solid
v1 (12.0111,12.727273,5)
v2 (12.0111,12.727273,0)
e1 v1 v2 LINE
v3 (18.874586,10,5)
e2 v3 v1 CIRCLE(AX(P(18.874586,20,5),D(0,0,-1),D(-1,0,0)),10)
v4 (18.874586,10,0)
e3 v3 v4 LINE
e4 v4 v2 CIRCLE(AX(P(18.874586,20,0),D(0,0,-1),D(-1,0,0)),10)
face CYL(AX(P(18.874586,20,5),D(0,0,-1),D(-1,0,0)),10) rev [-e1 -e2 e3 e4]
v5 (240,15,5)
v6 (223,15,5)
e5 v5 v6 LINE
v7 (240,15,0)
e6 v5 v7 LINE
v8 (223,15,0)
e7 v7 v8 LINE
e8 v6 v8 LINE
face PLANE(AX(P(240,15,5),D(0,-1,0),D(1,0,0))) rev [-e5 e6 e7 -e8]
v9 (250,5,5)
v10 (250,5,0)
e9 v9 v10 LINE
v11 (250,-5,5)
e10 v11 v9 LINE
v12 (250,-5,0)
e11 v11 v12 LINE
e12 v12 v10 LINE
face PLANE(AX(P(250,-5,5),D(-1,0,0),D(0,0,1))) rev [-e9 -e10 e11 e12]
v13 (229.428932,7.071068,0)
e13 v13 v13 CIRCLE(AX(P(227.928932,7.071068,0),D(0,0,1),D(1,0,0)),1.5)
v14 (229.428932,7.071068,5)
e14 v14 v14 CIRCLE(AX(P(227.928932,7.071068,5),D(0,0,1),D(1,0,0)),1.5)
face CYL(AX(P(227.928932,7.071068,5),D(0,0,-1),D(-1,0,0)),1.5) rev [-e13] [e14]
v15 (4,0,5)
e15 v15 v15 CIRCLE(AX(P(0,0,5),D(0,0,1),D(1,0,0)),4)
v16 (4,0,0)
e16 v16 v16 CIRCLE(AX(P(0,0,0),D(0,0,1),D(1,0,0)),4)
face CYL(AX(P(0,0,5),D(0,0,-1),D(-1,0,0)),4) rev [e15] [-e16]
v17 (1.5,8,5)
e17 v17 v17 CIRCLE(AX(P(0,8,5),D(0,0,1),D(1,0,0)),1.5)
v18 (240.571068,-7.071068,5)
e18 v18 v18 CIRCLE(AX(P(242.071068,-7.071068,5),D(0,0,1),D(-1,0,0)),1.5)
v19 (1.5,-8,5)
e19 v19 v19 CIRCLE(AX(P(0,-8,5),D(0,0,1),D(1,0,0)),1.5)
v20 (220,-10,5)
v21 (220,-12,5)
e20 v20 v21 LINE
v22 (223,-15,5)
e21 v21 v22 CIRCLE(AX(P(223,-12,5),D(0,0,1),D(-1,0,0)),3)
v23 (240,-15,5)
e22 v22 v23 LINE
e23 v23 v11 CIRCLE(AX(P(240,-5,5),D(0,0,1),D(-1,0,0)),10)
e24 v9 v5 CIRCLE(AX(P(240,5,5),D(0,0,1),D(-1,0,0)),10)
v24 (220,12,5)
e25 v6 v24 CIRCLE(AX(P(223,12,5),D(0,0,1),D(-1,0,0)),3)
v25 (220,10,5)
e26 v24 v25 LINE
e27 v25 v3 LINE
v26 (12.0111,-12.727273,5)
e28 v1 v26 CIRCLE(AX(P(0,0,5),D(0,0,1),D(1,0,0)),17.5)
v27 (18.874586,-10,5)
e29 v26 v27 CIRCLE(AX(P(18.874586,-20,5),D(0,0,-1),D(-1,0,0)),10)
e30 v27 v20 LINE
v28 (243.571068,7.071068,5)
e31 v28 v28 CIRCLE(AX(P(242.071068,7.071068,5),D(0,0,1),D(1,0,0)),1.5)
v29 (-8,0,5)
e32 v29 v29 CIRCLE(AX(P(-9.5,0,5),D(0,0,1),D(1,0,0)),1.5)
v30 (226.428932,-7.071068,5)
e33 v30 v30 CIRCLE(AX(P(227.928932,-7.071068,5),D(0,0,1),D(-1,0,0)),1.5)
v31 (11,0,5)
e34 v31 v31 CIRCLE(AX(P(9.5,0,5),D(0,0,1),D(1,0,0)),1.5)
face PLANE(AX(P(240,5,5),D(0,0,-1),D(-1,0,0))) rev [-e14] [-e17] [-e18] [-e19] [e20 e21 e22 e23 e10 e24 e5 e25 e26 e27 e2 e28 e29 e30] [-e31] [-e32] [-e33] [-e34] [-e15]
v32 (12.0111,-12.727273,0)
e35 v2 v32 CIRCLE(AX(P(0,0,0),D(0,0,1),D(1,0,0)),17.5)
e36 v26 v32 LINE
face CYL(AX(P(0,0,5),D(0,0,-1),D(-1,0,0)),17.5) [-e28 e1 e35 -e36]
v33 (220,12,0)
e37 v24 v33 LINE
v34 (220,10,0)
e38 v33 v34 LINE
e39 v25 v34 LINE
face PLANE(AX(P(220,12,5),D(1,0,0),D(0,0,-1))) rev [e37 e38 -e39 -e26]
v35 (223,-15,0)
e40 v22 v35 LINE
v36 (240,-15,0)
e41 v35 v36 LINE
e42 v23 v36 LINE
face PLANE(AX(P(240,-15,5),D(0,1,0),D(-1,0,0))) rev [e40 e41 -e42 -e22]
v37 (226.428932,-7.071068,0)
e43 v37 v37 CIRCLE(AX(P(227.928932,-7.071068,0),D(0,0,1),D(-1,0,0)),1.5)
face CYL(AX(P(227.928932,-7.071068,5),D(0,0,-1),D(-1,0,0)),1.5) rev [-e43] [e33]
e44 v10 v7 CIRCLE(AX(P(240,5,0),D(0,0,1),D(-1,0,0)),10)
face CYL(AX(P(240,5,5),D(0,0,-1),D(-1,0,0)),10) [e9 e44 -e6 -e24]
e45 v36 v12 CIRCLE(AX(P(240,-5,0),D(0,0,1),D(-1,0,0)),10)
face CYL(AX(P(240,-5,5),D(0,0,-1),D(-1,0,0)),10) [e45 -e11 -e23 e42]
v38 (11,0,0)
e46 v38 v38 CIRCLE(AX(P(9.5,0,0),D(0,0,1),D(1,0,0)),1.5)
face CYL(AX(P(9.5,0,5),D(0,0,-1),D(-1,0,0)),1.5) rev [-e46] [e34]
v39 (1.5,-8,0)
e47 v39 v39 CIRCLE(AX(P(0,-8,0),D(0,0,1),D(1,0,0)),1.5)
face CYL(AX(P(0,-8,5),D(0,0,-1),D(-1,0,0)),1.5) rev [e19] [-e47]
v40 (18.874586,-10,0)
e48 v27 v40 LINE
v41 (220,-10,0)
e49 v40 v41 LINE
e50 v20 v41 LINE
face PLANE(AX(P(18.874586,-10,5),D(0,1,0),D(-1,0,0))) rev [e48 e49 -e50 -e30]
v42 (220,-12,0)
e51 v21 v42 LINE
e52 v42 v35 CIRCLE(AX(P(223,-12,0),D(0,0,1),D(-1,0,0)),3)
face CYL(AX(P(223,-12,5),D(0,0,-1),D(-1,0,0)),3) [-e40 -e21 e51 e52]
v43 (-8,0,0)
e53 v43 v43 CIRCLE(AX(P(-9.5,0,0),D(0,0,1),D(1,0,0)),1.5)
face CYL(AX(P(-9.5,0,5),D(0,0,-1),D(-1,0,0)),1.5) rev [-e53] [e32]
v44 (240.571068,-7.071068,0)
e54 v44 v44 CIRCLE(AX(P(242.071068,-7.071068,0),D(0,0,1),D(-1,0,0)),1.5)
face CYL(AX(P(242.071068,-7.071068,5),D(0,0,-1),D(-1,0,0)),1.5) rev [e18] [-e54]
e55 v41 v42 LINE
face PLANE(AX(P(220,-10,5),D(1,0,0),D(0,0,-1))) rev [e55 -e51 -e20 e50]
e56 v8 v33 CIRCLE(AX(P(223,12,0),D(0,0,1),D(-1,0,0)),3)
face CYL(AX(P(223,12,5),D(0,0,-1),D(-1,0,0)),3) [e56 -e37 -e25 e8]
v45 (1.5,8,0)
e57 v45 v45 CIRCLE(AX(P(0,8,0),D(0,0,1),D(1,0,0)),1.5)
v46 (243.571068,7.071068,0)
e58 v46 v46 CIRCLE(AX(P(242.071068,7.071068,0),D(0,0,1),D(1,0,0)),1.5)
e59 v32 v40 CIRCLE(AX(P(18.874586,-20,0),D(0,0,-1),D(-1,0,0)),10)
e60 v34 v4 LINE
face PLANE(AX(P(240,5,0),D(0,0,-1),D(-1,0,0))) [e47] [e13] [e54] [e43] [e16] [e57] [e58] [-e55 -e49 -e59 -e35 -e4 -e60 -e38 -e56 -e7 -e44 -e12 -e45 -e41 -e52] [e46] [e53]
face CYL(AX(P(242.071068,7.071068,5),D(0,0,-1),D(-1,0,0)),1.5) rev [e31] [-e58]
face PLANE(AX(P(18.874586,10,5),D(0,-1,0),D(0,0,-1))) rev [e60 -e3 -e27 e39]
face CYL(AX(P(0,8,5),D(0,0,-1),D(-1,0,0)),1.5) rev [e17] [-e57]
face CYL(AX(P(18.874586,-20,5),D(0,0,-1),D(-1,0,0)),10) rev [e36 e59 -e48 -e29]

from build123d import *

# Parameters (mm, degrees)
SKETCH1_R           = 4
SKETCH1_R_2         = 1.5
BOSS_EXTRUDE2_DEPTH = 5


with BuildPart() as part:
    # Sketch1 → Boss-Extrude2 (new body)
    with BuildSketch(Plane.XY):
        with BuildLine():
            Line((220, -10), (220, -12))
            ThreePointArc((220, -12), (220.878679656, -14.121320344), (223, -15))
            Line((223, -15), (240, -15))
            ThreePointArc((240, -15), (247.071067812, -12.071067812), (250, -5))
            Line((250, -5), (250, 5))
            ThreePointArc((250, 5), (247.071067812, 12.071067812), (240, 15))
            Line((240, 15), (223, 15))
            ThreePointArc((223, 15), (220.878679656, 14.121320344), (220, 12))
            Line((220, 12), (220, 10))
            Line((220, 10), (18.874586088, 10))
            ThreePointArc((18.874586088, 10), (15.181841359, 10.706796227), (12.011100238, 12.727272727))
            ThreePointArc((12.011100238, 12.727272727), (-17.5, 0), (12.011100238, -12.727272727))
            ThreePointArc((12.011100238, -12.727272727), (15.181841359, -10.706796227), (18.874586088, -10))
            Line((18.874586088, -10), (220, -10))
        make_face()
        Circle(SKETCH1_R, mode=Mode.SUBTRACT)
        with Locations((9.5, 0)):
            Circle(SKETCH1_R_2, mode=Mode.SUBTRACT)
        with Locations((-9.5, 0)):
            Circle(SKETCH1_R_2, mode=Mode.SUBTRACT)
        with Locations((0, 8)):
            Circle(SKETCH1_R_2, mode=Mode.SUBTRACT)
        with Locations((0, -8)):
            Circle(SKETCH1_R_2, mode=Mode.SUBTRACT)
        with Locations((227.928932188, 7.071067812)):
            Circle(SKETCH1_R_2, mode=Mode.SUBTRACT)
        with Locations(Location((242.071067812, -7.071067812, 0), (0, 0, 180))):
            Circle(SKETCH1_R_2, mode=Mode.SUBTRACT)
        with Locations((242.071067812, 7.071067812)):
            Circle(SKETCH1_R_2, mode=Mode.SUBTRACT)
        with Locations(Location((227.928932188, -7.071067812, 0), (0, 0, 180))):
            Circle(SKETCH1_R_2, mode=Mode.SUBTRACT)
    extrude(amount=BOSS_EXTRUDE2_DEPTH)


solid = part.part
